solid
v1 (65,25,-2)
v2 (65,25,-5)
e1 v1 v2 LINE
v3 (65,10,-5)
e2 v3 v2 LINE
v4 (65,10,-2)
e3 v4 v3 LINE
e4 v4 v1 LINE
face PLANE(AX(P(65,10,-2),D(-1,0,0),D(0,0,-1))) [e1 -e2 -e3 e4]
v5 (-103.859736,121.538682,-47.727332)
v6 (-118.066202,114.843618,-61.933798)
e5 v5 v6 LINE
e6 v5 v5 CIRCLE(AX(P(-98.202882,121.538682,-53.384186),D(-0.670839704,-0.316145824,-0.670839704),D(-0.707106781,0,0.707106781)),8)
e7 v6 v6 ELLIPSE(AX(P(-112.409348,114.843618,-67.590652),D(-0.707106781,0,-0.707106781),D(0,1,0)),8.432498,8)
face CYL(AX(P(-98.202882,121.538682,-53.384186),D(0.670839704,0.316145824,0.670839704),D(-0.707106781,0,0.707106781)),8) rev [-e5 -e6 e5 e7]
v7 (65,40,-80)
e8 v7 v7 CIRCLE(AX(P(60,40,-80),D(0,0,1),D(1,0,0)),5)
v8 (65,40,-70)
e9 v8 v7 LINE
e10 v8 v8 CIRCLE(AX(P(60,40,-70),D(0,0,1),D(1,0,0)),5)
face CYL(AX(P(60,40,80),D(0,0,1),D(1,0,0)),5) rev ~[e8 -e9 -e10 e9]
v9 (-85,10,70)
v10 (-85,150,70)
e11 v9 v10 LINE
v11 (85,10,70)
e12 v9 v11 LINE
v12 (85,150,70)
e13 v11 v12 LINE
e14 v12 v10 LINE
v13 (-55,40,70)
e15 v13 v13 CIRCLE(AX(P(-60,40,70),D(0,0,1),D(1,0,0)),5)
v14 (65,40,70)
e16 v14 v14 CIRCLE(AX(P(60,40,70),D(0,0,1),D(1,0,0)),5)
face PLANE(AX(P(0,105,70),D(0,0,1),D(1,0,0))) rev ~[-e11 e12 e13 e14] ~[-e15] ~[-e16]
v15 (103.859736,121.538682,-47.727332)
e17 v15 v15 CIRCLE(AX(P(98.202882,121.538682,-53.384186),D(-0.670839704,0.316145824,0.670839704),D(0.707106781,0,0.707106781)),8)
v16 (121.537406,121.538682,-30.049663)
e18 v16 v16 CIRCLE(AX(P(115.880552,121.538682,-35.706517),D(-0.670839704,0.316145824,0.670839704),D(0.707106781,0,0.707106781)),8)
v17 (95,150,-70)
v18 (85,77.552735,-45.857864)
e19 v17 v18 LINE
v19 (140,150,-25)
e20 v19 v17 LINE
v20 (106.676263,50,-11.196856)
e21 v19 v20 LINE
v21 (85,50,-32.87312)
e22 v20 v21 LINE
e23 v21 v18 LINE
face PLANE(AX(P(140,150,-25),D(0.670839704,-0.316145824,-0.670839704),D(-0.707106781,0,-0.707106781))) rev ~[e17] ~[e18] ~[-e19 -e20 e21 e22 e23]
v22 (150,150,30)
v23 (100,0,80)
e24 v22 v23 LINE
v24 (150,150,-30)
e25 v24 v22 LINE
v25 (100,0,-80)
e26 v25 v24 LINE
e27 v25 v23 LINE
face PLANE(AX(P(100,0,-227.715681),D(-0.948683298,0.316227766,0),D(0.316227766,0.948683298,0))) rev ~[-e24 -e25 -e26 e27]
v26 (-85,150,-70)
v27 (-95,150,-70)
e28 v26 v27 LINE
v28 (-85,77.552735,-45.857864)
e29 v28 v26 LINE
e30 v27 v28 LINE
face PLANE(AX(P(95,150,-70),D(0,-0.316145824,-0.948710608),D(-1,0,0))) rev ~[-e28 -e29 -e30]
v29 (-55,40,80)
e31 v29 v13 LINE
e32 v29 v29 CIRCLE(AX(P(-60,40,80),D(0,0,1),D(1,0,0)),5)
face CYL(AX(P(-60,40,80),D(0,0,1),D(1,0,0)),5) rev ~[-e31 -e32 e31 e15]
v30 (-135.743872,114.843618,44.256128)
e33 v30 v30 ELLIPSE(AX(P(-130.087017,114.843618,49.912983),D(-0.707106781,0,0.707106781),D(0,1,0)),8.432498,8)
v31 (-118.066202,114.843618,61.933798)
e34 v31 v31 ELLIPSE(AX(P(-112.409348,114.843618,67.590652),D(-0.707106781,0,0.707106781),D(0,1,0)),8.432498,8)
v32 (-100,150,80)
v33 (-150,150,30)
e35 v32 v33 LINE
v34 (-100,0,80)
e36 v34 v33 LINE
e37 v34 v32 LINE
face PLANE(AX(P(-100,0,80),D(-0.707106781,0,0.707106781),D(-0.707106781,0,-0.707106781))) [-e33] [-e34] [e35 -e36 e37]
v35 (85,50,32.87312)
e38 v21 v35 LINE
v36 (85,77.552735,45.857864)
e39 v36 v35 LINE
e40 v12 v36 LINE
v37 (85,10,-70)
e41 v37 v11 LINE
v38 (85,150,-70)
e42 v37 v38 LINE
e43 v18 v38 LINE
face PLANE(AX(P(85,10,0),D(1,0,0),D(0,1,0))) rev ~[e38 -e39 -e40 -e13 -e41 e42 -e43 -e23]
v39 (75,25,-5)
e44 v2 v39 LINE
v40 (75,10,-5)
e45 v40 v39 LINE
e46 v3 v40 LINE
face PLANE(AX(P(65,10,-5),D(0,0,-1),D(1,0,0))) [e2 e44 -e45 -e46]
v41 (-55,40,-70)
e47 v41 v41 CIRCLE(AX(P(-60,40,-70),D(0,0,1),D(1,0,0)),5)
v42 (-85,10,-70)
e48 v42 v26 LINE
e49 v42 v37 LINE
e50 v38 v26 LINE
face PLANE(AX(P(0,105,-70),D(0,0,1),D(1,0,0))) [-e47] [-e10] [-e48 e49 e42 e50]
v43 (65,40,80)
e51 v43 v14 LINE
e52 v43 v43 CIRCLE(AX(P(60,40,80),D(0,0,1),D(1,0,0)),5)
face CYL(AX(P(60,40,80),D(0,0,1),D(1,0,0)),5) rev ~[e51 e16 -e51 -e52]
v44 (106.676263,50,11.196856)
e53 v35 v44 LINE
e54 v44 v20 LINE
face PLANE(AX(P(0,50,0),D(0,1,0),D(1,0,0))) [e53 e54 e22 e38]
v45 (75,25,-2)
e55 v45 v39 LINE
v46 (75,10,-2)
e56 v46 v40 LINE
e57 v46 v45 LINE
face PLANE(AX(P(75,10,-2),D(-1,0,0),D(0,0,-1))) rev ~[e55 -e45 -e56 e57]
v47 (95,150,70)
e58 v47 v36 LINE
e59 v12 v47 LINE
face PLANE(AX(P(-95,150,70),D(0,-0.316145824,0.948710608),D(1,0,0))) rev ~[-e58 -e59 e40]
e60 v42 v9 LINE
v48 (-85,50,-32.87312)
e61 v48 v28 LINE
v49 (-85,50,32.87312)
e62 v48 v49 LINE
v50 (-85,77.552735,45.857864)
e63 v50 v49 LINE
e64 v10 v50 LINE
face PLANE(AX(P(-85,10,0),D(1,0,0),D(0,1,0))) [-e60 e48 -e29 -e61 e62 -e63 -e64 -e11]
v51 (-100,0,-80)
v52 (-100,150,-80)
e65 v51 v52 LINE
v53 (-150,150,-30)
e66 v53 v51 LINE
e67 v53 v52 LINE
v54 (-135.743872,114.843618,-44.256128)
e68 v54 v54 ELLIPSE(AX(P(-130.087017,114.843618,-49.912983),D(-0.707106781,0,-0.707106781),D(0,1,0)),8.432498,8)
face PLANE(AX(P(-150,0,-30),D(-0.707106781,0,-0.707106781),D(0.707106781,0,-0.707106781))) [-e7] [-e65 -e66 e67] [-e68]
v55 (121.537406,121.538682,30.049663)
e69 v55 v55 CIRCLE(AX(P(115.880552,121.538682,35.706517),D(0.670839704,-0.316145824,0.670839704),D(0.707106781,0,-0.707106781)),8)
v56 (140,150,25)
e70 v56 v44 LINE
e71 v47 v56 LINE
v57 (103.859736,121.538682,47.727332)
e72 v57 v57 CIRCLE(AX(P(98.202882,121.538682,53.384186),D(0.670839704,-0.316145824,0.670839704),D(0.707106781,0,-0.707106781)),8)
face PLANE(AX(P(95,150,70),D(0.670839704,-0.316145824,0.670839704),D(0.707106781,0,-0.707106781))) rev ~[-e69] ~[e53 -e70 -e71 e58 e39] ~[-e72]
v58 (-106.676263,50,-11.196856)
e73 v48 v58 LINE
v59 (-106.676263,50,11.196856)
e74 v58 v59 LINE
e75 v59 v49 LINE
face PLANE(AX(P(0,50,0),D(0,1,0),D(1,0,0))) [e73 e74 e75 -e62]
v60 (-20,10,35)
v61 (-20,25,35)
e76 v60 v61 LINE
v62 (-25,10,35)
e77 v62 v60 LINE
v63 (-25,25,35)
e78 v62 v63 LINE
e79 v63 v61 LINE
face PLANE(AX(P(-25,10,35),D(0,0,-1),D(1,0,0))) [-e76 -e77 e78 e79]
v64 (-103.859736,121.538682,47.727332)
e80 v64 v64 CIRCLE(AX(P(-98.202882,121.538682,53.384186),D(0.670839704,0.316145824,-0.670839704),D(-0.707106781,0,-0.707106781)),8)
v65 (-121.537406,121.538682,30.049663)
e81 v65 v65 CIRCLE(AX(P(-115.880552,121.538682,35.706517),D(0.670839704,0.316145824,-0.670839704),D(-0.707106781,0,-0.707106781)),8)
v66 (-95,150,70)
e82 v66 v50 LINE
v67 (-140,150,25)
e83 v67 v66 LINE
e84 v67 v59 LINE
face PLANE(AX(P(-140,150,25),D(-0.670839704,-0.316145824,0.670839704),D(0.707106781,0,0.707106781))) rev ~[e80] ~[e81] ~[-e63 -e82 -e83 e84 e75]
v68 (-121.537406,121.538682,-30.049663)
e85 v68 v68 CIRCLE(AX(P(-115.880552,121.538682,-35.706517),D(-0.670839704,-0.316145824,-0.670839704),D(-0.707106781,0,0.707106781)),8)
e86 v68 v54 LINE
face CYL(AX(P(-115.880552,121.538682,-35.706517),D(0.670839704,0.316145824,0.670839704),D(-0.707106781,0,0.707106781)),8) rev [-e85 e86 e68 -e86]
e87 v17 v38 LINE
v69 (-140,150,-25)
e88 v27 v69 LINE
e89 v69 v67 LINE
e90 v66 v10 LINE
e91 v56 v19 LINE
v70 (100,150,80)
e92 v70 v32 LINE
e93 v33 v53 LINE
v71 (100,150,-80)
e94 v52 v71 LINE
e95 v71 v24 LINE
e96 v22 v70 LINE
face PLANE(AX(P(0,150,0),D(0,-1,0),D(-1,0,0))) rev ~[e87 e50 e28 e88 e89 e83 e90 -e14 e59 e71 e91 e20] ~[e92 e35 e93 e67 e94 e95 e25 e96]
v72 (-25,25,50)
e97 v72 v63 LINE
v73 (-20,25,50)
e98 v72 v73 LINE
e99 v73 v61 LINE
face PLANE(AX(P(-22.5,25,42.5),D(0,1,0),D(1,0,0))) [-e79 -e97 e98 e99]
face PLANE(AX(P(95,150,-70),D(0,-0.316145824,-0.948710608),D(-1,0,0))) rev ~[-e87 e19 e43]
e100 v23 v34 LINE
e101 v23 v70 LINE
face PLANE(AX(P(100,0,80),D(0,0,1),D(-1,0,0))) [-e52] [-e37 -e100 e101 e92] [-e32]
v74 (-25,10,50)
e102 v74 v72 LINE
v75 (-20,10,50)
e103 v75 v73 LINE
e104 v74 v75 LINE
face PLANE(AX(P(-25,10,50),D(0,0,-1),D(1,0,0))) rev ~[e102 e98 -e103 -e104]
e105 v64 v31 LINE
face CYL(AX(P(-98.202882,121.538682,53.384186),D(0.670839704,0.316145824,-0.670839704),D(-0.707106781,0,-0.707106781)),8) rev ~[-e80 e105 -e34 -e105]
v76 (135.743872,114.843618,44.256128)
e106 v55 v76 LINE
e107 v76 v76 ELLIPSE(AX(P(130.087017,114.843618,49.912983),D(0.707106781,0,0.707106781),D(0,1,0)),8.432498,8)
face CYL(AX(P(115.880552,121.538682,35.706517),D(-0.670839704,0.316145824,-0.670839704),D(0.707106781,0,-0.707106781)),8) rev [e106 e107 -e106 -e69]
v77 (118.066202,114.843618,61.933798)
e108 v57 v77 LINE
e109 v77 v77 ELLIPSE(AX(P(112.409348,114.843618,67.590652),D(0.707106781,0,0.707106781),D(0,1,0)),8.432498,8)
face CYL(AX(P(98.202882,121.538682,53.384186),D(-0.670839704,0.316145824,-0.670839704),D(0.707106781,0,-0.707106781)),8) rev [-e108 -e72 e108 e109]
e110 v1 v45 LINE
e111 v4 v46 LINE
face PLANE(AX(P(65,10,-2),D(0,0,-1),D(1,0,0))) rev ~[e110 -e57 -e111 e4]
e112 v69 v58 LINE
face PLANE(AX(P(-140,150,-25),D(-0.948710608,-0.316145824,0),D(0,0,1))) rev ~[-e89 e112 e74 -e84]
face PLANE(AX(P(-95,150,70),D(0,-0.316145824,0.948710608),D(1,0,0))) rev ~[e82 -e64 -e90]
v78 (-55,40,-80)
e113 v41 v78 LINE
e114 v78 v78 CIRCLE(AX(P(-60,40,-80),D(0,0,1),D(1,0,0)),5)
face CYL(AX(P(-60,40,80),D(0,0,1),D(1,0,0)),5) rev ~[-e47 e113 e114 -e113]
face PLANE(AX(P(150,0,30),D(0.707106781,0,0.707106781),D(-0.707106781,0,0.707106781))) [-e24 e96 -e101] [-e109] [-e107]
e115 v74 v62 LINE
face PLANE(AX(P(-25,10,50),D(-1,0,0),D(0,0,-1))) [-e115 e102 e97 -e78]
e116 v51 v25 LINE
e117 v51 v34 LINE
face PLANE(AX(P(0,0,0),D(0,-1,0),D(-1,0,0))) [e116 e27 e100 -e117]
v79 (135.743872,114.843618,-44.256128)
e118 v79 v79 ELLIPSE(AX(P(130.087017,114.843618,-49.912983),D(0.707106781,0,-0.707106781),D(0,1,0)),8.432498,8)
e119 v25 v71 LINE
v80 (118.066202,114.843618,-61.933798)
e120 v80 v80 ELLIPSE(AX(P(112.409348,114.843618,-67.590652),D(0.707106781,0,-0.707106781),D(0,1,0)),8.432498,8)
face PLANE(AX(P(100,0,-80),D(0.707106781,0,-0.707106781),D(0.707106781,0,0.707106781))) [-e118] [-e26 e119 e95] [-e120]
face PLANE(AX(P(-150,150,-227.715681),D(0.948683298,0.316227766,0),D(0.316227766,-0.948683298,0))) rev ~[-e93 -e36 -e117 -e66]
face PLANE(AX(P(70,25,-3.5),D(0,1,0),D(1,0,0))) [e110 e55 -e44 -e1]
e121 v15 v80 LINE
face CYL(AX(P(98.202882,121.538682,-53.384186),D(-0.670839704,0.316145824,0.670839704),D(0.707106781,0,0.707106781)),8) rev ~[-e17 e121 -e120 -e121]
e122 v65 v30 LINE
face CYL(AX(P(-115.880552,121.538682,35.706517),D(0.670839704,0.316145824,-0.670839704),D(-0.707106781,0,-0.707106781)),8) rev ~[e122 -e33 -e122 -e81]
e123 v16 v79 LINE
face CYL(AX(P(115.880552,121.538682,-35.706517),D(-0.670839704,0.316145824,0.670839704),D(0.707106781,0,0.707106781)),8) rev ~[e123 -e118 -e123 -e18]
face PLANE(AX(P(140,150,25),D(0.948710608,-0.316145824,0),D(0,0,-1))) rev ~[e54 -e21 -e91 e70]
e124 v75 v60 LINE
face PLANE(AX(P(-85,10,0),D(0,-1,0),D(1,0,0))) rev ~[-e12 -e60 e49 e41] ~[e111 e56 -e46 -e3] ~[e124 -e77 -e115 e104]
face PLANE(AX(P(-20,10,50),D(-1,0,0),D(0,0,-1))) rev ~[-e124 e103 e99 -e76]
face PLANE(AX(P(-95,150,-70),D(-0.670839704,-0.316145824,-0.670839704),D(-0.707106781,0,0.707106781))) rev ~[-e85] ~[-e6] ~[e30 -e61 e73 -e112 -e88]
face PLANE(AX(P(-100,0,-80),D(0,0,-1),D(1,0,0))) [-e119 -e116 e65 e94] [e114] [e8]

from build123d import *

# Parameters (mm, degrees)
BOSS_EXTRUDE1_DEPTH                        = 150
CUT_EXTRUDE1_DEPTH                         = 227.715680975
CUT_EXTRUDE1_DEPTH_BACK                    = 227.715680975
SKETCH3_W                                  = 170
SKETCH3_H                                  = 190
CUT_EXTRUDE2_DEPTH                         = 70
CUT_EXTRUDE3_DEPTH                         = 100
CUT_EXTRUDE3_DRAFT                         = -18.43
SKETCH7_R                                  = 5
CUT_EXTRUDE5_DEPTH                         = 266.706605112
SKETCH9_W                                  = 10
SKETCH9_H                                  = 3
SKETCH9_W_2                                = 5
SKETCH9_H_2                                = 15
BOSS_EXTRUDE2_DEPTH                        = 15
SKETCH10_R                                 = 8
CUT_EXTRUDE6_DEPTH                         = 40
MIRROR1_AT_THE_SECOND_PLANE_COPY_1_SKETC_R = 8
MIRROR1_AT_THE_SECOND_PLANE_COPY_1_DEPTH   = 40


with BuildPart() as part:
    # Sketch1 → Boss-Extrude1 (new body)
    with BuildSketch(Plane(origin=(0, 0, 0), x_dir=(1, 0, 0), z_dir=(0, 1, 0))):
        Polygon((-150, 30), (-100, 80), (100, 80), (150, 30), (150, -30), (100, -80), (-100, -80), (-150, -30), align=None)
    extrude(amount=BOSS_EXTRUDE1_DEPTH)

    # Sketch2 → Cut-Extrude1 (cut, two sides: drawn at the far end of the back side and taken through both)
    with BuildSketch(Plane.XY.offset(-CUT_EXTRUDE1_DEPTH_BACK)):
        Polygon((-150, 150), (-100, 0), (-150, 0), align=None)
        Polygon((100, 0), (150, 150), (150, 0), align=None)
    extrude(amount=CUT_EXTRUDE1_DEPTH + CUT_EXTRUDE1_DEPTH_BACK, mode=Mode.SUBTRACT)

    # Sketch3 → Cut-Extrude2 (cut, symmetric)
    with BuildSketch(Plane.XY):
        with Locations((0, 105)):
            Rectangle(SKETCH3_W, SKETCH3_H)
    extrude(amount=CUT_EXTRUDE2_DEPTH, both=True, mode=Mode.SUBTRACT)


with BuildPart() as cut_extrude3_tool:
    # Sketch4 → Cut-Extrude3 (with draft: the straight prism first)
    with BuildSketch(Plane(origin=(0, 150, 0), x_dir=(1, 0, 0), z_dir=(0, 1, 0))):
        Polygon((-140, -25), (-125, -40), (-95, -70), (95, -70), (140, -25), (140, 25), (95, 70), (-95, 70), (-140, 25), align=None)
    extrude(amount=-CUT_EXTRUDE3_DEPTH)
    # Cut-Extrude3: the draft: its side faces are tilted about the plane it starts from
    cut_extrude3_sides = [cut_extrude3_tool.faces().sort_by_distance(p)[0] for p in [
        (-117.5, 100, 47.5),
        (-117.5, 100, -47.5),
        (0, 100, -70),
        (117.5, 100, -47.5),
        (140, 100, 0),
        (117.5, 100, 47.5),
        (0, 100, 70),
        (-140, 100, 0),
    ]]
    draft(cut_extrude3_sides, Plane(origin=(0, 150, 0), x_dir=(1, 0, 0), z_dir=(0, 1, 0)), CUT_EXTRUDE3_DRAFT)


with BuildPart() as part_1:
    add(part.part)

    # Cut-Extrude3: cut by cut_extrude3_tool
    add(cut_extrude3_tool.part, mode=Mode.SUBTRACT)

    # Sketch7 → Cut-Extrude5 (cut, through all)
    with BuildSketch(Plane.XY.offset(80)):
        with Locations((-60, 40)):
            Circle(SKETCH7_R)
        with Locations((60, 40)):
            Circle(SKETCH7_R)
    extrude(amount=-CUT_EXTRUDE5_DEPTH, mode=Mode.SUBTRACT)

    # Sketch9 → Boss-Extrude2 (add)
    with BuildSketch(Plane(origin=(0, 10, 0), x_dir=(1, 0, 0), z_dir=(0, 1, 0))):
        with Locations((70, 3.5)):
            Rectangle(SKETCH9_W, SKETCH9_H)
        with Locations((-22.5, -42.5)):
            Rectangle(SKETCH9_W_2, SKETCH9_H_2)
    extrude(amount=BOSS_EXTRUDE2_DEPTH)

    # Sketch10 → Cut-Extrude6 (cut)
    with BuildSketch(Plane(origin=(-42.441799319, -20.001495929, 42.441799319), x_dir=(-0.6068291050905237, -0.2859796255102719, -0.7416023806650293), z_dir=(0.670839704394397, 0.31614582397380653, -0.6708397043943964))):
        with Locations(Location((-14.755059332, 151.805613608, 0), (0, 0, 17.544132392))):
            Circle(SKETCH10_R)
        with Locations(Location((9.082066856, 159.341621508, 0), (0, 0, 17.544132392))):
            Circle(SKETCH10_R)
    cut_extrude6 = extrude(amount=-CUT_EXTRUDE6_DEPTH, mode=Mode.SUBTRACT)

    # Mirror1: Cut-Extrude6 across plane
    add(cut_extrude6.mirror(Plane(origin=(0, 0, 0), x_dir=(0, 0, 1), z_dir=(1, 0, 0))), mode=Mode.SUBTRACT)

    # Mirror1 at the second plane: Cut-Extrude6 across plane
    add(cut_extrude6.mirror(Plane.XY), mode=Mode.SUBTRACT)

    # Mirror1 at the second plane copy 1 sketc → Mirror1 at the second plane copy 1 (cut)
    with BuildSketch(Plane(origin=(42.441799319, -20.001495929, -42.441799319), x_dir=(0.6068291050905237, -0.2859796255102719, 0.7416023806650293), z_dir=(-0.670839704394397, 0.31614582397380653, 0.6708397043943964))):
        with Locations(Location((-14.755059332, 151.805613608, 0), (0, 0, 17.544132392))):
            Circle(MIRROR1_AT_THE_SECOND_PLANE_COPY_1_SKETC_R)
        with Locations(Location((9.082066856, 159.341621508, 0), (0, 0, 17.544132392))):
            Circle(MIRROR1_AT_THE_SECOND_PLANE_COPY_1_SKETC_R)
    extrude(amount=-MIRROR1_AT_THE_SECOND_PLANE_COPY_1_DEPTH, mode=Mode.SUBTRACT)


solid = part_1.part
